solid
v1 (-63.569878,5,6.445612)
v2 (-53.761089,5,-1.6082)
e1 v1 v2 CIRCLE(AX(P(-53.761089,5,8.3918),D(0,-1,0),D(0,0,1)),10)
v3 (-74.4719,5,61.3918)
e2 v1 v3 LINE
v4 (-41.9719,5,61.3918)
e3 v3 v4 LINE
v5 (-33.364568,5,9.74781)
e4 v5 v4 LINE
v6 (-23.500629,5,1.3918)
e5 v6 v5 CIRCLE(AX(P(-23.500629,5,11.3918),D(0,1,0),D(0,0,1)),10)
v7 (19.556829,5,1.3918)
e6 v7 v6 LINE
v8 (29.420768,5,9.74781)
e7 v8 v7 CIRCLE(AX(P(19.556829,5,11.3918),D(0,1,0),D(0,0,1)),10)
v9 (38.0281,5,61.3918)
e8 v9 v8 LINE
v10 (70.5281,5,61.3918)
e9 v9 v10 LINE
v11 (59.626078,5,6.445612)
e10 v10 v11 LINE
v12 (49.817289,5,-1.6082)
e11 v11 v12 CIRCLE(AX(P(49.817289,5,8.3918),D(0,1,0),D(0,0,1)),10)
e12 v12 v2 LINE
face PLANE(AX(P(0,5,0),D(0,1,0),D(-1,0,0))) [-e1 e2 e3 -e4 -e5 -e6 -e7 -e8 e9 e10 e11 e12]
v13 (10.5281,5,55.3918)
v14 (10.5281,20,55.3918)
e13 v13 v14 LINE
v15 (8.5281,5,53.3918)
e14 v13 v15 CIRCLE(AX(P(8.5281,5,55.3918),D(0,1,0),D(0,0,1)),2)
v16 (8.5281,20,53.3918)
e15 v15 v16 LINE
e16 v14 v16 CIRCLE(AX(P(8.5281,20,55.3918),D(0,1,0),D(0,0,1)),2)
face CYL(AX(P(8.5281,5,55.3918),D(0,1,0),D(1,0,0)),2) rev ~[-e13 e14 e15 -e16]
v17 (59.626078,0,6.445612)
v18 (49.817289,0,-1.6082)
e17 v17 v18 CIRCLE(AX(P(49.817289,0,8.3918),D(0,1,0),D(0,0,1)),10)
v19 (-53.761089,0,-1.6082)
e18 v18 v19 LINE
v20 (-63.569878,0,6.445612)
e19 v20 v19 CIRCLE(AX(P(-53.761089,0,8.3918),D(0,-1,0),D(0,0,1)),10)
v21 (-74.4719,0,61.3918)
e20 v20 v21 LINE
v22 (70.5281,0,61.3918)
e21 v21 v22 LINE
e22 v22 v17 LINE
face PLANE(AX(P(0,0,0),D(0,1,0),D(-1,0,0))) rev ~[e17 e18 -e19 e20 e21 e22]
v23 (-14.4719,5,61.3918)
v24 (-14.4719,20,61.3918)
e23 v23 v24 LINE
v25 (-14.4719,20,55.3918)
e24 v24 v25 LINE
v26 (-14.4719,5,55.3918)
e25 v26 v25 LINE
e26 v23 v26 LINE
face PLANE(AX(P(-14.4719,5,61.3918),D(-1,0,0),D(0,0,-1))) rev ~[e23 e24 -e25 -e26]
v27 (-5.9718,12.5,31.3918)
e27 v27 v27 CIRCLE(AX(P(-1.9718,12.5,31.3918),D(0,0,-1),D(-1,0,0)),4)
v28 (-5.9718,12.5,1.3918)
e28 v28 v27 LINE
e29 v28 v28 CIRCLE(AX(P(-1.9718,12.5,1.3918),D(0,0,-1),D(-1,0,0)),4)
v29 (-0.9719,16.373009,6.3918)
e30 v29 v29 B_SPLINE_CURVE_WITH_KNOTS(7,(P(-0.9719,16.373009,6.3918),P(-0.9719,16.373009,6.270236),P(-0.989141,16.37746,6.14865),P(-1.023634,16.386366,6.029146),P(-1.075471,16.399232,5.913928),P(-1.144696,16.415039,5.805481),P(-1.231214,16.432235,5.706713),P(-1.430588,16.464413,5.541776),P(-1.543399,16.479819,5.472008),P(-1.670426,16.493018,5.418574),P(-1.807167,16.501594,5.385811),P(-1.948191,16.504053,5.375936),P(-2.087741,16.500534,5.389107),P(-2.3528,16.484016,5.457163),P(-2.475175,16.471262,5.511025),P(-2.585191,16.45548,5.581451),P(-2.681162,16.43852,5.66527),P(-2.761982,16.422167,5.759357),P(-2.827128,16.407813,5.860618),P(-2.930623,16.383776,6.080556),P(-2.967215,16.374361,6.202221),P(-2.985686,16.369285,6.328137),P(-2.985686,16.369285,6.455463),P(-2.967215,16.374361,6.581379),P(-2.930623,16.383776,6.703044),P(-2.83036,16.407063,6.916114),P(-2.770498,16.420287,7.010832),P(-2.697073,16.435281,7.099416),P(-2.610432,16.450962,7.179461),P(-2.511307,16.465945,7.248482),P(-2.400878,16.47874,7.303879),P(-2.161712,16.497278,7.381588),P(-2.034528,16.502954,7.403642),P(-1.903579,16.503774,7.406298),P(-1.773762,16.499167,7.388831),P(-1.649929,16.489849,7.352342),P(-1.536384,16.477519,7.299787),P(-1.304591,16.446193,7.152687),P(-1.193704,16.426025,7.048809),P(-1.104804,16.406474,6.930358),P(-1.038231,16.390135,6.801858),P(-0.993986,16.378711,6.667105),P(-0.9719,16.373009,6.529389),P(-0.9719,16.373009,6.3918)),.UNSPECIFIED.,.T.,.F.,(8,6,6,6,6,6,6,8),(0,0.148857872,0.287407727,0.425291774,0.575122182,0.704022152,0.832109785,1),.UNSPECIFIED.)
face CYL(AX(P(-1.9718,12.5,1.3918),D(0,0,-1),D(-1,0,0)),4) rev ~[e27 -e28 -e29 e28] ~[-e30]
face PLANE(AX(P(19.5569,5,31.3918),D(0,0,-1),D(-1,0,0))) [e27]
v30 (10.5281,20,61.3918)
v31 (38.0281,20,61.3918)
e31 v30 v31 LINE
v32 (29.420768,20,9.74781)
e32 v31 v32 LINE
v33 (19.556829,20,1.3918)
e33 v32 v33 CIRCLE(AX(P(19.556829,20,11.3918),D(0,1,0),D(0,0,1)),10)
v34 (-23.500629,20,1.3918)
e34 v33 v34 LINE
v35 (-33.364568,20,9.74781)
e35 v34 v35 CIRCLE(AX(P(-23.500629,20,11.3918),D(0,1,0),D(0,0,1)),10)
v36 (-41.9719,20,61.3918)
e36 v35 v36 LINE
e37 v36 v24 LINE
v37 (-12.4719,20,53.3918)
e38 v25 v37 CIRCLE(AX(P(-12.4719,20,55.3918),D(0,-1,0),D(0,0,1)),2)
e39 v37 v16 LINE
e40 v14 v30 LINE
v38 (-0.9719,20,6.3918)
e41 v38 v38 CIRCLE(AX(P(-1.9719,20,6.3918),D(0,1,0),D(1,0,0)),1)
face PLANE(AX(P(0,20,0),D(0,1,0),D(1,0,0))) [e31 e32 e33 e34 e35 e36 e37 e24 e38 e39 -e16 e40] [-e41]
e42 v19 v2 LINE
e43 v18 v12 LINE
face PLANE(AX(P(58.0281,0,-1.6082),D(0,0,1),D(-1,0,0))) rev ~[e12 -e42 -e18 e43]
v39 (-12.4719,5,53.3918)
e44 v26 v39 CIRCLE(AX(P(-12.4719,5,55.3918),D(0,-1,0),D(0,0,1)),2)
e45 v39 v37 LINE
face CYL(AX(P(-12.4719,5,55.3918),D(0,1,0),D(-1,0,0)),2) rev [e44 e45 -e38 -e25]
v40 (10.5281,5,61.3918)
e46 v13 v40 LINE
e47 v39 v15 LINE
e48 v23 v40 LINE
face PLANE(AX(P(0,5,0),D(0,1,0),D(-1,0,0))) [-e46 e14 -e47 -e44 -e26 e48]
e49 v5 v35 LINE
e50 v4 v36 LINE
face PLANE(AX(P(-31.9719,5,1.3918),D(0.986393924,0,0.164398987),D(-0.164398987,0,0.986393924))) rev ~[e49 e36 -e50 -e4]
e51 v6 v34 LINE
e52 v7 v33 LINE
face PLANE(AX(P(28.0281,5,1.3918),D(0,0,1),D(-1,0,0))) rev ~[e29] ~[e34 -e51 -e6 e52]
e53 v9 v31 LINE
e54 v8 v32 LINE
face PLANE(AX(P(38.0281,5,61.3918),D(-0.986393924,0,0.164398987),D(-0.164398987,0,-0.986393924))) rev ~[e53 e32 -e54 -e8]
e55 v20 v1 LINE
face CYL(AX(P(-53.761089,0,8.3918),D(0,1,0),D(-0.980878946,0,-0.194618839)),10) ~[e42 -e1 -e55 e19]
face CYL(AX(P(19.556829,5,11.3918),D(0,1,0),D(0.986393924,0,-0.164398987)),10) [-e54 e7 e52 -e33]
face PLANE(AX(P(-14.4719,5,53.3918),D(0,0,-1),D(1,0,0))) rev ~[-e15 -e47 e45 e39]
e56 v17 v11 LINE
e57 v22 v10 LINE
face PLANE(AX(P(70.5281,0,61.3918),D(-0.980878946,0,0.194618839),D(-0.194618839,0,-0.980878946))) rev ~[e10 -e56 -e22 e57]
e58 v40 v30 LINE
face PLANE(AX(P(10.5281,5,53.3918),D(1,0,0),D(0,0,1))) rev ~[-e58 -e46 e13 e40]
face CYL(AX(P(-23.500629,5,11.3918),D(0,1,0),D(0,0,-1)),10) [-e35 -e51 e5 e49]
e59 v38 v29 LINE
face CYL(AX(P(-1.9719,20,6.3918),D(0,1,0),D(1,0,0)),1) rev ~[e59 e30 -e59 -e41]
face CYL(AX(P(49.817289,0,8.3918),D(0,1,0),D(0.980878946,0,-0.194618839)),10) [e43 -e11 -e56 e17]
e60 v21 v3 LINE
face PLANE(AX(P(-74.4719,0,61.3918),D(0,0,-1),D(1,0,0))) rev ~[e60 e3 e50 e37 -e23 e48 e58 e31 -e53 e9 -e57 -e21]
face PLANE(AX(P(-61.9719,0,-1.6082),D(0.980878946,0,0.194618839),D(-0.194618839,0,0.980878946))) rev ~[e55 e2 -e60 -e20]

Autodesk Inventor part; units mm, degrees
ref_plane "YZ Plane" through (0, 0, 0) normal (1, 0, 0) x (0, 1, 0)
ref_plane "XZ Plane" through (0, 0, 0) normal (0, 1, 0) x (-1, 0, 0)
ref_plane "XY Plane" through (0, 0, 0) normal (0, 0, 1) x (1, 0, 0)
sketch "Esquisse1" plane through (0, 0, 0) normal (0, 1, 0) x (-1, 0, 0)
  line L0 (-70.5281, 61.3918) -> (-58.0281, -1.6082)
  line L1 (-58.0281, -1.6082) -> (61.9719, -1.6082)
  line L2 (61.9719, -1.6082) -> (74.4719, 61.3918)
  line L3 (74.4719, 61.3918) -> (-70.5281, 61.3918)
  dimension "d2" = 145
  dimension "d3" = 120
  dimension "d4" = 63
  dimension "d5" = 12.5
extrude "Extrusion1" add sketch "Esquisse1" along normal blind 5
sketch "Esquisse2" plane through (0, 5, 0) normal (0, 1, 0) x (1, 0, 0)
  line L0 (-74.4719, -61.3918) -> (70.5281, -61.3918) projected
  line L1 (38.0281, -61.3918) -> (28.0281, -1.3918)
  line L2 (28.0281, -1.3918) -> (-31.9719, -1.3918)
  line L3 (-31.9719, -1.3918) -> (-41.9719, -61.3918)
  line L4 (-41.9719, -61.3918) -> (-14.4719, -61.3918)
  line L5 (-14.4719, -61.3918) -> (-14.4719, -53.3918)
  line L6 (-14.4719, -53.3918) -> (10.5281, -53.3918)
  line L7 (10.5281, -53.3918) -> (10.5281, -61.3918)
  line L8 (10.5281, -61.3918) -> (38.0281, -61.3918)
  point P0 (0, 0)
  dimension "d8" = 60
  dimension "d9" = 80
  dimension "d10" = 60
  dimension "d11" = 10
  dimension "d12" = 145
  dimension "d13" = 32.5
  dimension "d14" = 25
  dimension "d15" = 27.5
  dimension "d16" = 8
extrude "Extrusion2" add sketch "Esquisse2" along normal blind 15 contours L3 L2 L1 L0 L7 L6 L5
fillet "Congé1" radius 10 4 edges at (58.0281, 2.5, -1.6082) (-61.9719, 2.5, -1.6082) (-31.9719, 12.5, 1.3918) (28.0281, 12.5, 1.3918)
fillet "Congé2" radius 2 2 edges at (10.5281, 12.5, 53.3918) (-14.4719, 12.5, 53.3918)
sketch "Esquisse3" plane through (0, 20, 0) normal (0, 1, 0) x (1, 0, 0)
  circle A0 centre (-1.9719, -6.3918) radius 1
  line L0 (-14.4719, -61.3918) -> (-14.4719, -55.3918) projected
  line L1 (10.5281, -55.3918) -> (10.5281, -61.3918) projected
  line L2 (19.5569, -1.3918) -> (-23.5006, -1.3918) projected
  point P0 (0, 0)
  dimension "d21" = 2
  dimension "d22" = 25
  dimension "d23" = 12.5
  dimension "d24" = 5
extrude "Extrusion3" cut sketch "Esquisse3" against normal blind 10
sketch "Esquisse4" plane through (19.5569, 5, 1.3918) normal (0, 0, -1) x (-1, 0, 0)
  circle A0 centre (21.5287, 7.5) radius 4
  line L0 (-30.2605, 0) -> (73.3179, 0) projected
  line L1 (0, 15) -> (43.0575, 15) projected
  line L2 (61.5287, 0) -> (61.5287, 15) projected
  line L3 (-18.4713, 0) -> (-18.4713, 15) projected
  point P0 (19.5569, -5)
  dimension "d27" = 8
  dimension "d28" = 15
  dimension "d29" = 80
  dimension "d30" = 40
  dimension "d31" = 7.5
extrude "Extrusion4" cut sketch "Esquisse4" against normal blind 30
equation "\"d5\" = -0.5 * d3 + 0.5 * d2"
equation "\"d11\" = -0.5 * d10 + 0.5 * d9"
equation "\"d13\" = -0.5 * d9 + 0.5 * d12"
equation "\"d15\" = -0.5 * d14 + 0.5 * d9"
equation "\"d23\" = 0.5 * d22"
equation "\"d30\" = 0.5 * d29"
equation "\"d31\" = 0.5 * d28"
properties part number "Pont arriere" material "Bois (Cerisier)"
